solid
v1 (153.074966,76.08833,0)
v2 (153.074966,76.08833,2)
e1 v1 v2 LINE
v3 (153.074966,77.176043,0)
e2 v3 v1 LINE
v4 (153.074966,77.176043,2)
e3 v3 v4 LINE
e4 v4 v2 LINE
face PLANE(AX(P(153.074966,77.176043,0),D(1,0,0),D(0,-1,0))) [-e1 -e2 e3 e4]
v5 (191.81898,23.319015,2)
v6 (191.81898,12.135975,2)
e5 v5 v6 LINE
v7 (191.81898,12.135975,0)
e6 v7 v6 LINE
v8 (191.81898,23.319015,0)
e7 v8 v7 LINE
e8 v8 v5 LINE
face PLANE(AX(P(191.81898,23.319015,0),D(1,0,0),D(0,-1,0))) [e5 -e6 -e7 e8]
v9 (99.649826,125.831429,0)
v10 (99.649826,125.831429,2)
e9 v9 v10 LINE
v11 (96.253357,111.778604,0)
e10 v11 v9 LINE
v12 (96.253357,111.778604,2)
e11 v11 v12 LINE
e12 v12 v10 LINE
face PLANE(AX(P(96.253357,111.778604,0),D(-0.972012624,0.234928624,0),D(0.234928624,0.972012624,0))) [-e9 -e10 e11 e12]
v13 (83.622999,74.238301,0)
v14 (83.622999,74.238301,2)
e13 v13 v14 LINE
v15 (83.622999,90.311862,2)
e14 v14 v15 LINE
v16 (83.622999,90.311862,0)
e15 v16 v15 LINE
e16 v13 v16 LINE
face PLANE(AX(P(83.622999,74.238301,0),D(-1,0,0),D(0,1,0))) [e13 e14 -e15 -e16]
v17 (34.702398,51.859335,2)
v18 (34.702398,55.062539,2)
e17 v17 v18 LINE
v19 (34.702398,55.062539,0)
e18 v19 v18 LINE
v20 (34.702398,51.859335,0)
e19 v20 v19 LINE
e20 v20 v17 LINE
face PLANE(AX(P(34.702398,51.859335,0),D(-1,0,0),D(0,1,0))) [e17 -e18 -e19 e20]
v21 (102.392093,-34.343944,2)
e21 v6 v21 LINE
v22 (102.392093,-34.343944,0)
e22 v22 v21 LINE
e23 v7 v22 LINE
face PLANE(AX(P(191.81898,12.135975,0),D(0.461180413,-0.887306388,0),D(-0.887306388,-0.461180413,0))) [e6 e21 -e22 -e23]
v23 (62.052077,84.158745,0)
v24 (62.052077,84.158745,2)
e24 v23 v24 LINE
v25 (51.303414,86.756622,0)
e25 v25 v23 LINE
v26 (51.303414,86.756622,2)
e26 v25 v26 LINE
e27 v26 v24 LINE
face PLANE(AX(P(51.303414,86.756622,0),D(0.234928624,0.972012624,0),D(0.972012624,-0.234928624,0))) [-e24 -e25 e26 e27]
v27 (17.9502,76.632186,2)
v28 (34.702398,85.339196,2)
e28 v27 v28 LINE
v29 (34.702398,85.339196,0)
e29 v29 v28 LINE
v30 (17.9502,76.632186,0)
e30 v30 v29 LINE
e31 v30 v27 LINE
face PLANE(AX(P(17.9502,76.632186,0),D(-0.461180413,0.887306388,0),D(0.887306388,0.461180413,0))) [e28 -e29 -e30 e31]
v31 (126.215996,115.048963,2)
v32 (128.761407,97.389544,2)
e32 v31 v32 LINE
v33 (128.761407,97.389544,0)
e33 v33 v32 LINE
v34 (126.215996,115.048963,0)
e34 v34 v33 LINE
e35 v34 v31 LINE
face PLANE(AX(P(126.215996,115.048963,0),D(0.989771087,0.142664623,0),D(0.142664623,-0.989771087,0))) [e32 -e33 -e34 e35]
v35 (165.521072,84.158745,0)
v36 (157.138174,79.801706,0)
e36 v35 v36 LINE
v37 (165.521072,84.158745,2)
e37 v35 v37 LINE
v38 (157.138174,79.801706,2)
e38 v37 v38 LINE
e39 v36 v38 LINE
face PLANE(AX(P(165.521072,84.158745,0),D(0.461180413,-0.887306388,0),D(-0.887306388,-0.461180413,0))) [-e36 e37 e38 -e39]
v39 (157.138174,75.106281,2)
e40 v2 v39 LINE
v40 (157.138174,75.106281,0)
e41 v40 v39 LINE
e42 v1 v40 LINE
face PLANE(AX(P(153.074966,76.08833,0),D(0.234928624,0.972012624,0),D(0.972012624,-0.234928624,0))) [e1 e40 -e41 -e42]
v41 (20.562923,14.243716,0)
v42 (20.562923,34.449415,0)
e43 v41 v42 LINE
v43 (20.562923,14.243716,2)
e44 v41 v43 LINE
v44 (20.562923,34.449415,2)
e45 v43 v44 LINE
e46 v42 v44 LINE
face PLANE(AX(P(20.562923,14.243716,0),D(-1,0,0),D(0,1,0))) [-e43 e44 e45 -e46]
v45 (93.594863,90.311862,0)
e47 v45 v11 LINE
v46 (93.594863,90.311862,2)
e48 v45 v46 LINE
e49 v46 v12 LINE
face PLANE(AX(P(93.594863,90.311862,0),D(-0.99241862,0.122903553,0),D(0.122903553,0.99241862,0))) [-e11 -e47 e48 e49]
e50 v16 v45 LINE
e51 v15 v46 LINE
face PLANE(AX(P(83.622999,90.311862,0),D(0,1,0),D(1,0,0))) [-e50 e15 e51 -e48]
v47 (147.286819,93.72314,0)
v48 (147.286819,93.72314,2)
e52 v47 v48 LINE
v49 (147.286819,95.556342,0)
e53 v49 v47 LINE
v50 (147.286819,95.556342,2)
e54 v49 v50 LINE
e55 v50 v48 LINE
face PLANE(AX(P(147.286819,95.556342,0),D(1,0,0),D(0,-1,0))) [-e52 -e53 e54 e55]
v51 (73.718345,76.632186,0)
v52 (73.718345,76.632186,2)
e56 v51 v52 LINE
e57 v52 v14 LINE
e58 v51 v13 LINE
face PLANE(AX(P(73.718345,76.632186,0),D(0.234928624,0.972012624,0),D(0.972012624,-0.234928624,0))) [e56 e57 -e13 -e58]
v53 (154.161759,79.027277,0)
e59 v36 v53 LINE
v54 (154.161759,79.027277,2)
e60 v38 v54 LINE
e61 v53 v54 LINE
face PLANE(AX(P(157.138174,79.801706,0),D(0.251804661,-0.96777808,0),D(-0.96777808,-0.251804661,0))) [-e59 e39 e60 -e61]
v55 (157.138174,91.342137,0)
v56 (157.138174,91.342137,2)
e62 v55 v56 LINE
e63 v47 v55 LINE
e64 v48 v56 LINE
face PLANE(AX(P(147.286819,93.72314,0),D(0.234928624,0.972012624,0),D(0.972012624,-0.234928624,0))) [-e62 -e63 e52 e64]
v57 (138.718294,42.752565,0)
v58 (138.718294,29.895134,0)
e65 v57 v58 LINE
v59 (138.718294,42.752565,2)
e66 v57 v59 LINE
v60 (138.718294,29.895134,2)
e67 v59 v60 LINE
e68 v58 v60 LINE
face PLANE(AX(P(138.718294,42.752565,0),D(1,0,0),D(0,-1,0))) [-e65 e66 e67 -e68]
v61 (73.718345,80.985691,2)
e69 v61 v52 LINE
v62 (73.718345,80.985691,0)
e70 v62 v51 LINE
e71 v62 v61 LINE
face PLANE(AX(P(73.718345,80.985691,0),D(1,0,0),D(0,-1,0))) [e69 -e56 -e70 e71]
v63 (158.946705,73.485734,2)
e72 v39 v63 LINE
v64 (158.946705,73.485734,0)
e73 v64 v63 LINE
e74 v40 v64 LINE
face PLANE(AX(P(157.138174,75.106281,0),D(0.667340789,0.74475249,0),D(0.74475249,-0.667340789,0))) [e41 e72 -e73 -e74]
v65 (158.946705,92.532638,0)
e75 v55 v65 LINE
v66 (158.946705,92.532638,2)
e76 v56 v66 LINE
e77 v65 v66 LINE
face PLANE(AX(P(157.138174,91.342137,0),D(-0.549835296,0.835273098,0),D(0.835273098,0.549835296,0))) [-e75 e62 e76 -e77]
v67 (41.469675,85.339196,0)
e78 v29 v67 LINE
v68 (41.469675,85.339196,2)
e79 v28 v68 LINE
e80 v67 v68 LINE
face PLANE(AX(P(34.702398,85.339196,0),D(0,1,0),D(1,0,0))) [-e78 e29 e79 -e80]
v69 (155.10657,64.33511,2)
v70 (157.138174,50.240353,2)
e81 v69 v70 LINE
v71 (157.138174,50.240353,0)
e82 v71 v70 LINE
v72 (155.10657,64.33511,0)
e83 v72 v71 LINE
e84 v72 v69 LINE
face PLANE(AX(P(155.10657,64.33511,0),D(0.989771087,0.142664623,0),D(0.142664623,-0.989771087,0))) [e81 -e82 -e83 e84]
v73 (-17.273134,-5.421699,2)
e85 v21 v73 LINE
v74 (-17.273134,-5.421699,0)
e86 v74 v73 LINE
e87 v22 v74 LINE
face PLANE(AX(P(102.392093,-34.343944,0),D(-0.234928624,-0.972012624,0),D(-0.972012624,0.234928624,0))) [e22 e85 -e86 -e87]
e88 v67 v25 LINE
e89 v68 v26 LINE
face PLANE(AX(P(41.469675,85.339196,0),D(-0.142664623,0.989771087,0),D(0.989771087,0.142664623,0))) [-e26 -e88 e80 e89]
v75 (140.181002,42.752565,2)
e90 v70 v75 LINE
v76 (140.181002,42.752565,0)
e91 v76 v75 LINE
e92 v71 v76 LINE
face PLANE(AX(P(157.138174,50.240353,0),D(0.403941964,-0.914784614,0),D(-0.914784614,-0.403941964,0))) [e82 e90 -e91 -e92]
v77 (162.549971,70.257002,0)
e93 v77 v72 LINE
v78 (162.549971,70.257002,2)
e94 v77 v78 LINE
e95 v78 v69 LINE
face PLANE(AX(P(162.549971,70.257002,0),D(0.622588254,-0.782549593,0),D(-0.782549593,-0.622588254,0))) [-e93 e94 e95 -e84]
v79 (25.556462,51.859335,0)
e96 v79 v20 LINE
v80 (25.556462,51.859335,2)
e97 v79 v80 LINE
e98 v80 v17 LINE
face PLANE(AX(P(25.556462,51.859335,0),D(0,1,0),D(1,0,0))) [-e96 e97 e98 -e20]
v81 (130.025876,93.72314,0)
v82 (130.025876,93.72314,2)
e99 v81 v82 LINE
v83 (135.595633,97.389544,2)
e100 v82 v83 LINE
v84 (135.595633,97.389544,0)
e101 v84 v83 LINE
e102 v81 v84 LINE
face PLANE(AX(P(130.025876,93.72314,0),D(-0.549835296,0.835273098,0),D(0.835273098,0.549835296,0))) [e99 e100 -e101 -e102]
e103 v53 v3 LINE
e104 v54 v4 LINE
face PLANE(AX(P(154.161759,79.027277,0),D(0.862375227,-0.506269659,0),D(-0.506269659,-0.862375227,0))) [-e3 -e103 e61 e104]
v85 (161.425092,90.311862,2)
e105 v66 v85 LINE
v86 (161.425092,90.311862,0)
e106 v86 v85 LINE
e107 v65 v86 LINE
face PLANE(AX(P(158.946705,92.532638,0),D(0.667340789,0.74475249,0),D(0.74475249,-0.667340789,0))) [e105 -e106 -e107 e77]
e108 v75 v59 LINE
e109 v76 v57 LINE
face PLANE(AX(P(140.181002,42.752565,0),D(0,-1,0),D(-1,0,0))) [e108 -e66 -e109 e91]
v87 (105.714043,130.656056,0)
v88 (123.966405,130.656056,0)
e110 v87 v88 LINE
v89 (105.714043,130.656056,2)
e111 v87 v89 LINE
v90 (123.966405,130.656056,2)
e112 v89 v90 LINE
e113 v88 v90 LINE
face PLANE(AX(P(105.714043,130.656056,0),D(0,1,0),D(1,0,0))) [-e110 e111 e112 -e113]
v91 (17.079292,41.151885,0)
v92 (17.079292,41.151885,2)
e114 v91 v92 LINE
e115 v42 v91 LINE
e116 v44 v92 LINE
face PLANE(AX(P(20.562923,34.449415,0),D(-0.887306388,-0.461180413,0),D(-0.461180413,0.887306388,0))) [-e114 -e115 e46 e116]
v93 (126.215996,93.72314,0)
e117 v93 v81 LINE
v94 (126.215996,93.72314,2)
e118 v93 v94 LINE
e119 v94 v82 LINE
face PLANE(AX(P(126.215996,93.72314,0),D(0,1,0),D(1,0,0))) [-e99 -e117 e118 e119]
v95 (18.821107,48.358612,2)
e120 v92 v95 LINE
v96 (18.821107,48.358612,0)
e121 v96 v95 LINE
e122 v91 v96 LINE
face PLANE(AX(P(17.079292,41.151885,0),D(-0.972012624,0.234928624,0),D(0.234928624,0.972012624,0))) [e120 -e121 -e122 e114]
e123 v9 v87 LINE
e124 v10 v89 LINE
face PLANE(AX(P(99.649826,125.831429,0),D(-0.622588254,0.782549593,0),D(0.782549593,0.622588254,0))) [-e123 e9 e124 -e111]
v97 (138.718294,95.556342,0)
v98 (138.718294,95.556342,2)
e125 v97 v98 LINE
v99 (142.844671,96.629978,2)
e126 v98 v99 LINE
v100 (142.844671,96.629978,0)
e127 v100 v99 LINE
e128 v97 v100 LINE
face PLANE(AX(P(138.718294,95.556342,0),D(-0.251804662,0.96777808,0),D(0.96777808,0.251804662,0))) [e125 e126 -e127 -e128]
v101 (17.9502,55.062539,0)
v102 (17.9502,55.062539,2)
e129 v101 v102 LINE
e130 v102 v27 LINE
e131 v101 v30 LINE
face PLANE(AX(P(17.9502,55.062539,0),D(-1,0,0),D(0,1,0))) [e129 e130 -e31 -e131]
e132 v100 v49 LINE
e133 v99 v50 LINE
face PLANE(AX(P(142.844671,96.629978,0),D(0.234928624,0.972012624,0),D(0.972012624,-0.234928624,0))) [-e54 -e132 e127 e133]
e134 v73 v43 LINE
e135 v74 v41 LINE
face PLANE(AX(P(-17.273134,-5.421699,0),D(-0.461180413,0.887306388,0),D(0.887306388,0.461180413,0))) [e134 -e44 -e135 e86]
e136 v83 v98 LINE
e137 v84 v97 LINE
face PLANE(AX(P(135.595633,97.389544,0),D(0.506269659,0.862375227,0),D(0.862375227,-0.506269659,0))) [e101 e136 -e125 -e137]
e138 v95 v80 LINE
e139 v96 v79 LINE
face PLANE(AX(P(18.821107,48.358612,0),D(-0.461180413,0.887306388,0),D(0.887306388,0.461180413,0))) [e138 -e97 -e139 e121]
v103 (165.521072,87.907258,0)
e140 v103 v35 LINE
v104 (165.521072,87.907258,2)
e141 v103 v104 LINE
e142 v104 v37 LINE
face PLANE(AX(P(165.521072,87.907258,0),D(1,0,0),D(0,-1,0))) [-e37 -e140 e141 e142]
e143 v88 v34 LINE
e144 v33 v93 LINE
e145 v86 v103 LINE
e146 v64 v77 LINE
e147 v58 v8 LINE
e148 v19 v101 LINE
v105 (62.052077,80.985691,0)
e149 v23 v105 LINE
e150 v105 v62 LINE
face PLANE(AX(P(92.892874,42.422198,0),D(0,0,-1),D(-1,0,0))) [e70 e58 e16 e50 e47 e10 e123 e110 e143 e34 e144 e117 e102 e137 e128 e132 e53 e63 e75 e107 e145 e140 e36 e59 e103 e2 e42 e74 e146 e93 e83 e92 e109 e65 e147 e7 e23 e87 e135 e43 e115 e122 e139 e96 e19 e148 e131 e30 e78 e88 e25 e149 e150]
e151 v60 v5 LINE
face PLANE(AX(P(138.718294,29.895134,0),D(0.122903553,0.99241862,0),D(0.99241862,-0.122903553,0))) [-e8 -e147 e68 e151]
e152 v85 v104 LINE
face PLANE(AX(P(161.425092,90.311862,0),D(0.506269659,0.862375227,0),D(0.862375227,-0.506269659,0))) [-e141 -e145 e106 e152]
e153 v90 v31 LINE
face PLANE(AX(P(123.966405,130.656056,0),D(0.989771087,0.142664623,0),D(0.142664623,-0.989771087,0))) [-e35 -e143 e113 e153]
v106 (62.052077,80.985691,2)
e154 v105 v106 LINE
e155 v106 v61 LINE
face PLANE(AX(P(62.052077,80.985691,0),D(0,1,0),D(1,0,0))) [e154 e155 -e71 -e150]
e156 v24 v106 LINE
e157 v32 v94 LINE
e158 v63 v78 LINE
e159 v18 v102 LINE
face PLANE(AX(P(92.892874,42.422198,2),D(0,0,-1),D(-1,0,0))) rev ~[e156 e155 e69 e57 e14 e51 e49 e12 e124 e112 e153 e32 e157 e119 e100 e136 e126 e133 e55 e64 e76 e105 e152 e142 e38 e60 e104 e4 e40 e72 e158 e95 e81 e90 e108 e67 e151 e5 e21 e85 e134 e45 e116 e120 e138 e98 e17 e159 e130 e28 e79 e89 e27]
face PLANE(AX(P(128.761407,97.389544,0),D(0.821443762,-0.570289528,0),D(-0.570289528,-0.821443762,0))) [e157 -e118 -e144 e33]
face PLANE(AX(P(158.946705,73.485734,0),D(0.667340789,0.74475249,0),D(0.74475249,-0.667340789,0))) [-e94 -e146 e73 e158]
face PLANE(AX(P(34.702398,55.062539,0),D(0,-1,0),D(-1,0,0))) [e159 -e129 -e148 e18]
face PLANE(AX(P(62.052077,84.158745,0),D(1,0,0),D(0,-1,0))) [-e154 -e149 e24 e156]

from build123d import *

# Parameters (mm, degrees)
AUFSATZ_LINEAR_AUSTRAGEN1_DEPTH = 2


with BuildPart() as part:
    # Skizze1 → Aufsatz-Linear austragen1 (new body)
    with BuildSketch(Plane.XY):
        Polygon((126.215995869, 93.72314004), (130.025876451, 93.72314004), (135.595633387, 97.38954443), (138.718293672, 95.556342235), (142.844671433, 96.629977996), (147.286818563, 95.556342235), (147.286818563, 93.72314004), (157.138174255, 91.342136563), (158.946705069, 92.532638301), (161.425092467, 90.311861568), (165.521072329, 87.907258253), (165.521072329, 84.158745075), (157.138174255, 79.801706236), (154.161759315, 79.027277499), (153.074965654, 77.17604286), (153.074965654, 76.08832996), (157.138174255, 75.10628098), (158.946705069, 73.485734023), (162.549971035, 70.257001813), (155.106569955, 64.335109931), (157.138174255, 50.240352889), (140.181002279, 42.752564778), (138.718293672, 42.752564778), (138.718293672, 29.895134459), (191.818980244, 23.319015351), (191.818980244, 12.135974598), (102.392093357, -34.343943925), (-17.273133713, -5.421699037), (20.56292279, 14.243715747), (20.56292279, 34.449415172), (17.079292064, 41.151884986), (18.821107427, 48.358612255), (25.556462177, 51.859335035), (34.70239759, 51.859335035), (34.70239759, 55.062538542), (17.950199746, 55.062538542), (17.950199746, 76.63218641), (34.70239759, 85.339196326), (41.469675345, 85.339196326), (51.303413636, 86.75662161), (62.052077393, 84.158745075), (62.052077393, 80.985691368), (73.7183454, 80.985691368), (73.7183454, 76.63218641), (83.622998605, 74.238301298), (83.622998605, 90.311861568), (93.594862899, 90.311861568), (96.253356842, 111.778603776), (99.649825979, 125.83142893), (105.714042553, 130.656056075), (123.966404927, 130.656056075), (126.215995869, 115.048962824), (128.761406921, 97.38954443), align=None)
    extrude(amount=AUFSATZ_LINEAR_AUSTRAGEN1_DEPTH)


solid = part.part
